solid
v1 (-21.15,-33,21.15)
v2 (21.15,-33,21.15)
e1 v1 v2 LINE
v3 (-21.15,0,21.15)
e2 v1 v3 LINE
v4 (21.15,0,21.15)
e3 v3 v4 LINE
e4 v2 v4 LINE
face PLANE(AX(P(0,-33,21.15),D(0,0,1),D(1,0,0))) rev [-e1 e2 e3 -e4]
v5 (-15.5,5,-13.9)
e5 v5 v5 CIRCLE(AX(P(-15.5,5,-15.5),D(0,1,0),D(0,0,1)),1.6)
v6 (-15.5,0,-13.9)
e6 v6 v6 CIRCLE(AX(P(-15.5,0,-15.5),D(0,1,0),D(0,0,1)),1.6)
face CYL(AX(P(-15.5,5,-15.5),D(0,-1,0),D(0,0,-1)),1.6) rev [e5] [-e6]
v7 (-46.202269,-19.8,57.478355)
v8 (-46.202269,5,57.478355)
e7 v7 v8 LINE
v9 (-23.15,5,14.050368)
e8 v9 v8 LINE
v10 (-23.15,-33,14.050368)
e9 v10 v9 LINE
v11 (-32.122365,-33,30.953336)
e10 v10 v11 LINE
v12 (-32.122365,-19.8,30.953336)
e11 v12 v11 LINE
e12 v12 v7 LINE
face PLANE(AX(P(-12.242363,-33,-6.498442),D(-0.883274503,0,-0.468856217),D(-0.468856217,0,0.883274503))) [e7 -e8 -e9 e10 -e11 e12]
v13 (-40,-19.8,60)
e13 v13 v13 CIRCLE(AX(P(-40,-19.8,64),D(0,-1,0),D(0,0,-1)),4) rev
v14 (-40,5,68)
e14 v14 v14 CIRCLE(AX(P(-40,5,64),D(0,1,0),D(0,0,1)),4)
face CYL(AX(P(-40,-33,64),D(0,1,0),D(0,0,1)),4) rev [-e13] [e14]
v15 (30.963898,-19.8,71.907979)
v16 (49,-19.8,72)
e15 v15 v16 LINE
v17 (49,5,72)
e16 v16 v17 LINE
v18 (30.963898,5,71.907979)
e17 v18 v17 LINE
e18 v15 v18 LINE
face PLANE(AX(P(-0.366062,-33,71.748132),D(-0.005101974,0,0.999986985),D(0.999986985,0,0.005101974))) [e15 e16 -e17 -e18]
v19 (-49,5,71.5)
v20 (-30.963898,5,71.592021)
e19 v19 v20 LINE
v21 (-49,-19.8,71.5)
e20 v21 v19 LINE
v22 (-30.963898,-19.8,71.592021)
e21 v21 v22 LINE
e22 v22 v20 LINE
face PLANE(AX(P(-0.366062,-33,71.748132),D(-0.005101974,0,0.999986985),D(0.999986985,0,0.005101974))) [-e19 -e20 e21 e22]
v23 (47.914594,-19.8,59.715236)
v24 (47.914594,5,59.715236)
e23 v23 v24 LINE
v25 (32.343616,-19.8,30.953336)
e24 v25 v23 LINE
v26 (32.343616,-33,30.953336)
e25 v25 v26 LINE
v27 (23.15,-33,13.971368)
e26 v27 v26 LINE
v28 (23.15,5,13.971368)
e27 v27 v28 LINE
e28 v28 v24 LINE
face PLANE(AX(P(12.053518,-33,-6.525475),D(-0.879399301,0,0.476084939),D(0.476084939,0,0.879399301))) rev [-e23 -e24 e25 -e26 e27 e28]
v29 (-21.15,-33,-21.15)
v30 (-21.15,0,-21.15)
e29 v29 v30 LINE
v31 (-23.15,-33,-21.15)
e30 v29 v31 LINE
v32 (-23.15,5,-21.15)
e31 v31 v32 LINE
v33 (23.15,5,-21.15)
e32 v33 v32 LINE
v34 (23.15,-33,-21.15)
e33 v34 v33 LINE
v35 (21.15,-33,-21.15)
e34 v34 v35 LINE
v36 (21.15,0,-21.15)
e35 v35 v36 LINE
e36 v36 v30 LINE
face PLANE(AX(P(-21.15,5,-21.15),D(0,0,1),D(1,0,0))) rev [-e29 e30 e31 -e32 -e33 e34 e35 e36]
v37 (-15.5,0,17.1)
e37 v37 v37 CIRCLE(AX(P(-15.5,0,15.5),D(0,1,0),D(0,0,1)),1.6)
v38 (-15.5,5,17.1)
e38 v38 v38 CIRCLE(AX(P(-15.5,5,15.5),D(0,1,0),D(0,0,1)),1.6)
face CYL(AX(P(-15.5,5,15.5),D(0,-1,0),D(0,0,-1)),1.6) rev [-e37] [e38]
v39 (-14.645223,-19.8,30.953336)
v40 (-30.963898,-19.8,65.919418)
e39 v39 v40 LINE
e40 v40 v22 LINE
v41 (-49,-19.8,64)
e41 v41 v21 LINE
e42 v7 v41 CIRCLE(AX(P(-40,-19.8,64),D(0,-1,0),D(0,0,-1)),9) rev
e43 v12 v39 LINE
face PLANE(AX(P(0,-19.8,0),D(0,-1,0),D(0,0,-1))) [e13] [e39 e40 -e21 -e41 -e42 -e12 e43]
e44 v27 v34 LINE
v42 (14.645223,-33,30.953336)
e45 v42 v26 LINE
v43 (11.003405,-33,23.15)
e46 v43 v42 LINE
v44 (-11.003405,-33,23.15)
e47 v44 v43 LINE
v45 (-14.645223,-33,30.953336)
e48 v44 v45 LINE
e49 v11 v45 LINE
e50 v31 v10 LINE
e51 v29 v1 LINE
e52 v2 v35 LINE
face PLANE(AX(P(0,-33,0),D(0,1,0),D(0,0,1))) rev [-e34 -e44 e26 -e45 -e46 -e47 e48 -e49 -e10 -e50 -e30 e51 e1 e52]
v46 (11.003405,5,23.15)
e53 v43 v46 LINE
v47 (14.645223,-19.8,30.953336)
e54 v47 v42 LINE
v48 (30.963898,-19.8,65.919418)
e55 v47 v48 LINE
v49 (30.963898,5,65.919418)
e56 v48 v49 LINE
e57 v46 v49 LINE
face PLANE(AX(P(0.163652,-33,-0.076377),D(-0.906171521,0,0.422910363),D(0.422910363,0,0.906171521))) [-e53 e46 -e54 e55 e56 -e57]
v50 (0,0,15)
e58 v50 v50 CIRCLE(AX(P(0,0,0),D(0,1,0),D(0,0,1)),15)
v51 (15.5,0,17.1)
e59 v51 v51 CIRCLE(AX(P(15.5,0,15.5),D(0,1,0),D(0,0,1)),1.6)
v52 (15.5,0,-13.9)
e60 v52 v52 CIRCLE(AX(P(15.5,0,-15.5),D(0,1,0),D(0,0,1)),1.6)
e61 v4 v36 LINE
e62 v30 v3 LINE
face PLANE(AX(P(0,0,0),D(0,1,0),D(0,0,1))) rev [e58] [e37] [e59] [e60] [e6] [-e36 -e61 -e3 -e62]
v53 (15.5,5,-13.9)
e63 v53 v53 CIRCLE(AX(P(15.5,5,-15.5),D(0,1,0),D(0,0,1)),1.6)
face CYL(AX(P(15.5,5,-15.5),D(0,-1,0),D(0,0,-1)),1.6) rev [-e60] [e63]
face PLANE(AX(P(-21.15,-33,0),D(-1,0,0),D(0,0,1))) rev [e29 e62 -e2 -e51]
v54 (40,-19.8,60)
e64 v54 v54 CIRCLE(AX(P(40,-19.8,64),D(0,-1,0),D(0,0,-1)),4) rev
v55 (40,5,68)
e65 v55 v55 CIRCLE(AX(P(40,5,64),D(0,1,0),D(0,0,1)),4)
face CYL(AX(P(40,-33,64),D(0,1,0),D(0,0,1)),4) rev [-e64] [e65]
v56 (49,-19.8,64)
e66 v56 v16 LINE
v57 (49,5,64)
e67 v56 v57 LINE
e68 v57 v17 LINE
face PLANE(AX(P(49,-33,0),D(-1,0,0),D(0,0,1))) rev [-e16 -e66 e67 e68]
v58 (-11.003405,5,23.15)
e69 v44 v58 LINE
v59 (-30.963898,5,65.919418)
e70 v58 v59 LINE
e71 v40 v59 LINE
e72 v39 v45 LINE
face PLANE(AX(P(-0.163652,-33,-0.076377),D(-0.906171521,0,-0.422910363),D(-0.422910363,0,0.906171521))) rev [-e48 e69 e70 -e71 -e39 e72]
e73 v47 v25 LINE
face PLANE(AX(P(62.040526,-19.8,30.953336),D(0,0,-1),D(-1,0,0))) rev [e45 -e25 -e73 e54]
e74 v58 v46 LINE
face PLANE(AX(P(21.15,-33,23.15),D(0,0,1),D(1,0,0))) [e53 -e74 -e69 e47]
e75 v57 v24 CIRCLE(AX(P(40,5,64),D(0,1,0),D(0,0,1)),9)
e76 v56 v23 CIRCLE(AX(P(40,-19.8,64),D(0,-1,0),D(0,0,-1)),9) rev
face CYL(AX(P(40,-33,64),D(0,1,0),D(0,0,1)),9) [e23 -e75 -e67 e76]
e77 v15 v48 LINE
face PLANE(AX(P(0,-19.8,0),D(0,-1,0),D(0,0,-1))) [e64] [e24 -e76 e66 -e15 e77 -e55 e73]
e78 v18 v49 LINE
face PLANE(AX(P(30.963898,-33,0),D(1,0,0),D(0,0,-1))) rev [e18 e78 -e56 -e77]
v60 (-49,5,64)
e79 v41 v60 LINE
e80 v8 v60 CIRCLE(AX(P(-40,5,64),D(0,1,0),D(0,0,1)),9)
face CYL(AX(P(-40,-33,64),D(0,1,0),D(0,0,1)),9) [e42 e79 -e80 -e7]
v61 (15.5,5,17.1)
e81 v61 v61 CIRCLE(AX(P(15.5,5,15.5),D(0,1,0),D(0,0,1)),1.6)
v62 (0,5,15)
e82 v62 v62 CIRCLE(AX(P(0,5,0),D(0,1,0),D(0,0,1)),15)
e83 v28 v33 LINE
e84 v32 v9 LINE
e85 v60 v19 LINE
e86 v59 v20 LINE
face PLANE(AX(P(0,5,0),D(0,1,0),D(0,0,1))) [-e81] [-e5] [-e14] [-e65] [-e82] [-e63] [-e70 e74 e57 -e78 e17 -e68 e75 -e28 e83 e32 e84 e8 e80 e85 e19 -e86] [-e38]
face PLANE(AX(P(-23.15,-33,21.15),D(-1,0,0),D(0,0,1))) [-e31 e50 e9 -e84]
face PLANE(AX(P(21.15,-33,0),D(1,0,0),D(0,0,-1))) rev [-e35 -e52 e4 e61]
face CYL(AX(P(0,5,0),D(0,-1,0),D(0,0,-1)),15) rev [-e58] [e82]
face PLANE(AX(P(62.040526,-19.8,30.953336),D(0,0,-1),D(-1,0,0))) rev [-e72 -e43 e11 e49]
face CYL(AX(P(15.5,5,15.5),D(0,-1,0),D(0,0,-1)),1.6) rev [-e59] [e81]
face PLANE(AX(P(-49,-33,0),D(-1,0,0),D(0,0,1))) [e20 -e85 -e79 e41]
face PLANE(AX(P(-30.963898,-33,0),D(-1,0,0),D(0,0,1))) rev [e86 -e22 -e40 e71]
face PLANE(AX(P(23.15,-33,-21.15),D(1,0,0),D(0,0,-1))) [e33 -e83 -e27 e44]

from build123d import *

# Parameters (mm, degrees)
SKETCH_6_W          = 42.3
SKETCH_6_H          = 42.3
SKETCH_6_R          = 1.6
SKETCH_6_R_2        = 15
EXTRUDE_1_DEPTH     = 5
SKETCH_7_R          = 4
EXTRUDE_5_DEPTH     = 38
EXTRUDE_START       = 38
SKETCH_7_7_R        = 4
EXTRUDE_7_DEPTH     = 38
SKETCH_7_8_R        = 4
EXTRUDE_8_DEPTH     = 38
SKETCH_12_W         = 2
SKETCH_12_H         = 44.3
EXTRUDE_11_DEPTH    = 38
SKETCH_14_W         = 44.3
SKETCH_14_H         = 2
EXTRUDE_12_DEPTH    = 38
SKETCH_15_W         = 2
SKETCH_15_H         = 42.3
EXTRUDE_13_DEPTH    = 38
CUT_EXTRUDE_1_DEPTH = 13.2


with BuildPart() as part:
    # 草图6 → 凸台-拉伸1 (new body)
    with BuildSketch(Plane(origin=(0, 0, 0), x_dir=(1, 0, 0), z_dir=(0, 1, 0))):
        Rectangle(SKETCH_6_W, SKETCH_6_H)
        with Locations(Location((15.5, 15.5, 0), (0, 0, 270))):
            Circle(SKETCH_6_R, mode=Mode.SUBTRACT)
        with Locations(Location((-15.5, 15.5, 0), (0, 0, 270))):
            Circle(SKETCH_6_R, mode=Mode.SUBTRACT)
        with Locations(Location((-15.5, -15.5, 0), (0, 0, 270))):
            Circle(SKETCH_6_R, mode=Mode.SUBTRACT)
        with Locations(Location((15.5, -15.5, 0), (0, 0, 270))):
            Circle(SKETCH_6_R, mode=Mode.SUBTRACT)
        with Locations(Location((0, 0, 0), (0, 0, 270))):
            Circle(SKETCH_6_R_2, mode=Mode.SUBTRACT)
    extrude(amount=EXTRUDE_1_DEPTH)

    # 草图7 → 凸台-拉伸5 (add)
    # profile 1 of 2: a face of its own
    with BuildSketch(Plane(origin=(0, 5, 0), x_dir=(1, 0, 0), z_dir=(0, 1, 0))):
        with BuildLine():
            Line((49, -72), (49, -64))
            ThreePointArc((49, -64), (48.724429591, -61.789948347), (47.914593709, -59.715235547))
            Line((47.914593709, -59.715235547), (21.15, -10.277072187))
            Line((21.15, -10.277072187), (21.15, -21.15))
            Line((21.15, -21.15), (10.070005019, -21.15))
            Line((10.070005019, -21.15), (30.963898233, -65.919418373))
            Line((30.963898233, -65.919418373), (30.963898233, -71.907979073))
            Line((30.963898233, -71.907979073), (49, -72))
        make_face()
        with Locations(Location((40, -64, 0), (0, 0, 270))):
            Circle(SKETCH_7_R, mode=Mode.SUBTRACT)
    # profile 2 of 2: a face of its own
    with BuildSketch(Plane(origin=(0, 5, 0), x_dir=(1, 0, 0), z_dir=(0, 1, 0))):
        with BuildLine():
            Line((-30.963898233, -65.919418373), (-10.070005019, -21.15))
            Line((-10.070005019, -21.15), (-21.15, -21.15))
            Line((-21.15, -21.15), (-21.15, -10.282583808))
            Line((-21.15, -10.282583808), (-46.202269248, -57.478354795))
            ThreePointArc((-46.202269248, -57.478354795), (-48.271046585, -60.45179082), (-49, -64))
            Line((-49, -64), (-49, -71.5))
            Line((-49, -71.5), (-30.963898233, -71.592020927))
            Line((-30.963898233, -71.592020927), (-30.963898233, -65.919418373))
        make_face()
        with Locations(Location((-40, -64, 0), (0, 0, 270))):
            Circle(SKETCH_7_R, mode=Mode.SUBTRACT)
    extrude(amount=-EXTRUDE_5_DEPTH)

    # 草图7<7> → 凸台-拉伸7 (add)
    with BuildSketch(Plane(origin=(0, 5, 0), x_dir=(1, 0, 0), z_dir=(0, 1, 0)).offset(EXTRUDE_START)):
        with Locations(Location((-40, -64, 0), (0, 0, 270))):
            Circle(SKETCH_7_7_R)
        with Locations(Location((40, -64, 0), (0, 0, 270))):
            Circle(SKETCH_7_7_R)
    extrude(amount=-EXTRUDE_7_DEPTH)


with BuildPart() as extrude_7_kept_piece:
    # of the separate pieces the step leaves, the one the design keeps (extrude_7_pieces_kept)
    add(part.part.solids().sort_by_distance((-10.070005019, 0, 21.15))[0])

    # 草图7<8> → 凸台-拉伸8 (add)
    with BuildSketch(Plane(origin=(0, 5, 0), x_dir=(1, 0, 0), z_dir=(0, 1, 0))):
        with Locations(Location((-40, -64, 0), (0, 0, 270))):
            Circle(SKETCH_7_8_R)
        with Locations(Location((40, -64, 0), (0, 0, 270))):
            Circle(SKETCH_7_8_R)
    extrude(amount=EXTRUDE_8_DEPTH)


with BuildPart() as extrude_8_kept_piece:
    # of the separate pieces the step leaves, the one the design keeps (extrude_8_pieces_kept)
    add(extrude_7_kept_piece.part.solids().sort_by_distance((-10.070005019, 0, 21.15))[0])

    # 草图12 → 凸台-拉伸11 (add)
    with BuildSketch(Plane(origin=(0, 5, 0), x_dir=(1, 0, 0), z_dir=(0, 1, 0))):
        with Locations((22.15, -1)):
            Rectangle(SKETCH_12_W, SKETCH_12_H)
    extrude(amount=-EXTRUDE_11_DEPTH)

    # 草图14 → 凸台-拉伸12 (add)
    with BuildSketch(Plane(origin=(0, 5, 0), x_dir=(1, 0, 0), z_dir=(0, 1, 0))):
        with Locations((-1, -22.15)):
            Rectangle(SKETCH_14_W, SKETCH_14_H)
    extrude(amount=-EXTRUDE_12_DEPTH)

    # 草图15 → 凸台-拉伸13 (add)
    with BuildSketch(Plane(origin=(0, 5, 0), x_dir=(1, 0, 0), z_dir=(0, 1, 0))):
        with Locations((-22.15, 0)):
            Rectangle(SKETCH_15_W, SKETCH_15_H)
    extrude(amount=-EXTRUDE_13_DEPTH)

    # 草图17 → 切除-拉伸1 (cut)
    with BuildSketch(Plane.XZ.offset(33)):
        Polygon((62.040525686, 30.953335803), (-8.604799232, 30.953335803), (-61.83718559, 30.953335803), (-61.83718559, 85.06296978), (-8.604799232, 85.06296978), (62.040525686, 85.06296978), align=None)
    extrude(amount=-CUT_EXTRUDE_1_DEPTH, mode=Mode.SUBTRACT)


solid = extrude_8_kept_piece.part
